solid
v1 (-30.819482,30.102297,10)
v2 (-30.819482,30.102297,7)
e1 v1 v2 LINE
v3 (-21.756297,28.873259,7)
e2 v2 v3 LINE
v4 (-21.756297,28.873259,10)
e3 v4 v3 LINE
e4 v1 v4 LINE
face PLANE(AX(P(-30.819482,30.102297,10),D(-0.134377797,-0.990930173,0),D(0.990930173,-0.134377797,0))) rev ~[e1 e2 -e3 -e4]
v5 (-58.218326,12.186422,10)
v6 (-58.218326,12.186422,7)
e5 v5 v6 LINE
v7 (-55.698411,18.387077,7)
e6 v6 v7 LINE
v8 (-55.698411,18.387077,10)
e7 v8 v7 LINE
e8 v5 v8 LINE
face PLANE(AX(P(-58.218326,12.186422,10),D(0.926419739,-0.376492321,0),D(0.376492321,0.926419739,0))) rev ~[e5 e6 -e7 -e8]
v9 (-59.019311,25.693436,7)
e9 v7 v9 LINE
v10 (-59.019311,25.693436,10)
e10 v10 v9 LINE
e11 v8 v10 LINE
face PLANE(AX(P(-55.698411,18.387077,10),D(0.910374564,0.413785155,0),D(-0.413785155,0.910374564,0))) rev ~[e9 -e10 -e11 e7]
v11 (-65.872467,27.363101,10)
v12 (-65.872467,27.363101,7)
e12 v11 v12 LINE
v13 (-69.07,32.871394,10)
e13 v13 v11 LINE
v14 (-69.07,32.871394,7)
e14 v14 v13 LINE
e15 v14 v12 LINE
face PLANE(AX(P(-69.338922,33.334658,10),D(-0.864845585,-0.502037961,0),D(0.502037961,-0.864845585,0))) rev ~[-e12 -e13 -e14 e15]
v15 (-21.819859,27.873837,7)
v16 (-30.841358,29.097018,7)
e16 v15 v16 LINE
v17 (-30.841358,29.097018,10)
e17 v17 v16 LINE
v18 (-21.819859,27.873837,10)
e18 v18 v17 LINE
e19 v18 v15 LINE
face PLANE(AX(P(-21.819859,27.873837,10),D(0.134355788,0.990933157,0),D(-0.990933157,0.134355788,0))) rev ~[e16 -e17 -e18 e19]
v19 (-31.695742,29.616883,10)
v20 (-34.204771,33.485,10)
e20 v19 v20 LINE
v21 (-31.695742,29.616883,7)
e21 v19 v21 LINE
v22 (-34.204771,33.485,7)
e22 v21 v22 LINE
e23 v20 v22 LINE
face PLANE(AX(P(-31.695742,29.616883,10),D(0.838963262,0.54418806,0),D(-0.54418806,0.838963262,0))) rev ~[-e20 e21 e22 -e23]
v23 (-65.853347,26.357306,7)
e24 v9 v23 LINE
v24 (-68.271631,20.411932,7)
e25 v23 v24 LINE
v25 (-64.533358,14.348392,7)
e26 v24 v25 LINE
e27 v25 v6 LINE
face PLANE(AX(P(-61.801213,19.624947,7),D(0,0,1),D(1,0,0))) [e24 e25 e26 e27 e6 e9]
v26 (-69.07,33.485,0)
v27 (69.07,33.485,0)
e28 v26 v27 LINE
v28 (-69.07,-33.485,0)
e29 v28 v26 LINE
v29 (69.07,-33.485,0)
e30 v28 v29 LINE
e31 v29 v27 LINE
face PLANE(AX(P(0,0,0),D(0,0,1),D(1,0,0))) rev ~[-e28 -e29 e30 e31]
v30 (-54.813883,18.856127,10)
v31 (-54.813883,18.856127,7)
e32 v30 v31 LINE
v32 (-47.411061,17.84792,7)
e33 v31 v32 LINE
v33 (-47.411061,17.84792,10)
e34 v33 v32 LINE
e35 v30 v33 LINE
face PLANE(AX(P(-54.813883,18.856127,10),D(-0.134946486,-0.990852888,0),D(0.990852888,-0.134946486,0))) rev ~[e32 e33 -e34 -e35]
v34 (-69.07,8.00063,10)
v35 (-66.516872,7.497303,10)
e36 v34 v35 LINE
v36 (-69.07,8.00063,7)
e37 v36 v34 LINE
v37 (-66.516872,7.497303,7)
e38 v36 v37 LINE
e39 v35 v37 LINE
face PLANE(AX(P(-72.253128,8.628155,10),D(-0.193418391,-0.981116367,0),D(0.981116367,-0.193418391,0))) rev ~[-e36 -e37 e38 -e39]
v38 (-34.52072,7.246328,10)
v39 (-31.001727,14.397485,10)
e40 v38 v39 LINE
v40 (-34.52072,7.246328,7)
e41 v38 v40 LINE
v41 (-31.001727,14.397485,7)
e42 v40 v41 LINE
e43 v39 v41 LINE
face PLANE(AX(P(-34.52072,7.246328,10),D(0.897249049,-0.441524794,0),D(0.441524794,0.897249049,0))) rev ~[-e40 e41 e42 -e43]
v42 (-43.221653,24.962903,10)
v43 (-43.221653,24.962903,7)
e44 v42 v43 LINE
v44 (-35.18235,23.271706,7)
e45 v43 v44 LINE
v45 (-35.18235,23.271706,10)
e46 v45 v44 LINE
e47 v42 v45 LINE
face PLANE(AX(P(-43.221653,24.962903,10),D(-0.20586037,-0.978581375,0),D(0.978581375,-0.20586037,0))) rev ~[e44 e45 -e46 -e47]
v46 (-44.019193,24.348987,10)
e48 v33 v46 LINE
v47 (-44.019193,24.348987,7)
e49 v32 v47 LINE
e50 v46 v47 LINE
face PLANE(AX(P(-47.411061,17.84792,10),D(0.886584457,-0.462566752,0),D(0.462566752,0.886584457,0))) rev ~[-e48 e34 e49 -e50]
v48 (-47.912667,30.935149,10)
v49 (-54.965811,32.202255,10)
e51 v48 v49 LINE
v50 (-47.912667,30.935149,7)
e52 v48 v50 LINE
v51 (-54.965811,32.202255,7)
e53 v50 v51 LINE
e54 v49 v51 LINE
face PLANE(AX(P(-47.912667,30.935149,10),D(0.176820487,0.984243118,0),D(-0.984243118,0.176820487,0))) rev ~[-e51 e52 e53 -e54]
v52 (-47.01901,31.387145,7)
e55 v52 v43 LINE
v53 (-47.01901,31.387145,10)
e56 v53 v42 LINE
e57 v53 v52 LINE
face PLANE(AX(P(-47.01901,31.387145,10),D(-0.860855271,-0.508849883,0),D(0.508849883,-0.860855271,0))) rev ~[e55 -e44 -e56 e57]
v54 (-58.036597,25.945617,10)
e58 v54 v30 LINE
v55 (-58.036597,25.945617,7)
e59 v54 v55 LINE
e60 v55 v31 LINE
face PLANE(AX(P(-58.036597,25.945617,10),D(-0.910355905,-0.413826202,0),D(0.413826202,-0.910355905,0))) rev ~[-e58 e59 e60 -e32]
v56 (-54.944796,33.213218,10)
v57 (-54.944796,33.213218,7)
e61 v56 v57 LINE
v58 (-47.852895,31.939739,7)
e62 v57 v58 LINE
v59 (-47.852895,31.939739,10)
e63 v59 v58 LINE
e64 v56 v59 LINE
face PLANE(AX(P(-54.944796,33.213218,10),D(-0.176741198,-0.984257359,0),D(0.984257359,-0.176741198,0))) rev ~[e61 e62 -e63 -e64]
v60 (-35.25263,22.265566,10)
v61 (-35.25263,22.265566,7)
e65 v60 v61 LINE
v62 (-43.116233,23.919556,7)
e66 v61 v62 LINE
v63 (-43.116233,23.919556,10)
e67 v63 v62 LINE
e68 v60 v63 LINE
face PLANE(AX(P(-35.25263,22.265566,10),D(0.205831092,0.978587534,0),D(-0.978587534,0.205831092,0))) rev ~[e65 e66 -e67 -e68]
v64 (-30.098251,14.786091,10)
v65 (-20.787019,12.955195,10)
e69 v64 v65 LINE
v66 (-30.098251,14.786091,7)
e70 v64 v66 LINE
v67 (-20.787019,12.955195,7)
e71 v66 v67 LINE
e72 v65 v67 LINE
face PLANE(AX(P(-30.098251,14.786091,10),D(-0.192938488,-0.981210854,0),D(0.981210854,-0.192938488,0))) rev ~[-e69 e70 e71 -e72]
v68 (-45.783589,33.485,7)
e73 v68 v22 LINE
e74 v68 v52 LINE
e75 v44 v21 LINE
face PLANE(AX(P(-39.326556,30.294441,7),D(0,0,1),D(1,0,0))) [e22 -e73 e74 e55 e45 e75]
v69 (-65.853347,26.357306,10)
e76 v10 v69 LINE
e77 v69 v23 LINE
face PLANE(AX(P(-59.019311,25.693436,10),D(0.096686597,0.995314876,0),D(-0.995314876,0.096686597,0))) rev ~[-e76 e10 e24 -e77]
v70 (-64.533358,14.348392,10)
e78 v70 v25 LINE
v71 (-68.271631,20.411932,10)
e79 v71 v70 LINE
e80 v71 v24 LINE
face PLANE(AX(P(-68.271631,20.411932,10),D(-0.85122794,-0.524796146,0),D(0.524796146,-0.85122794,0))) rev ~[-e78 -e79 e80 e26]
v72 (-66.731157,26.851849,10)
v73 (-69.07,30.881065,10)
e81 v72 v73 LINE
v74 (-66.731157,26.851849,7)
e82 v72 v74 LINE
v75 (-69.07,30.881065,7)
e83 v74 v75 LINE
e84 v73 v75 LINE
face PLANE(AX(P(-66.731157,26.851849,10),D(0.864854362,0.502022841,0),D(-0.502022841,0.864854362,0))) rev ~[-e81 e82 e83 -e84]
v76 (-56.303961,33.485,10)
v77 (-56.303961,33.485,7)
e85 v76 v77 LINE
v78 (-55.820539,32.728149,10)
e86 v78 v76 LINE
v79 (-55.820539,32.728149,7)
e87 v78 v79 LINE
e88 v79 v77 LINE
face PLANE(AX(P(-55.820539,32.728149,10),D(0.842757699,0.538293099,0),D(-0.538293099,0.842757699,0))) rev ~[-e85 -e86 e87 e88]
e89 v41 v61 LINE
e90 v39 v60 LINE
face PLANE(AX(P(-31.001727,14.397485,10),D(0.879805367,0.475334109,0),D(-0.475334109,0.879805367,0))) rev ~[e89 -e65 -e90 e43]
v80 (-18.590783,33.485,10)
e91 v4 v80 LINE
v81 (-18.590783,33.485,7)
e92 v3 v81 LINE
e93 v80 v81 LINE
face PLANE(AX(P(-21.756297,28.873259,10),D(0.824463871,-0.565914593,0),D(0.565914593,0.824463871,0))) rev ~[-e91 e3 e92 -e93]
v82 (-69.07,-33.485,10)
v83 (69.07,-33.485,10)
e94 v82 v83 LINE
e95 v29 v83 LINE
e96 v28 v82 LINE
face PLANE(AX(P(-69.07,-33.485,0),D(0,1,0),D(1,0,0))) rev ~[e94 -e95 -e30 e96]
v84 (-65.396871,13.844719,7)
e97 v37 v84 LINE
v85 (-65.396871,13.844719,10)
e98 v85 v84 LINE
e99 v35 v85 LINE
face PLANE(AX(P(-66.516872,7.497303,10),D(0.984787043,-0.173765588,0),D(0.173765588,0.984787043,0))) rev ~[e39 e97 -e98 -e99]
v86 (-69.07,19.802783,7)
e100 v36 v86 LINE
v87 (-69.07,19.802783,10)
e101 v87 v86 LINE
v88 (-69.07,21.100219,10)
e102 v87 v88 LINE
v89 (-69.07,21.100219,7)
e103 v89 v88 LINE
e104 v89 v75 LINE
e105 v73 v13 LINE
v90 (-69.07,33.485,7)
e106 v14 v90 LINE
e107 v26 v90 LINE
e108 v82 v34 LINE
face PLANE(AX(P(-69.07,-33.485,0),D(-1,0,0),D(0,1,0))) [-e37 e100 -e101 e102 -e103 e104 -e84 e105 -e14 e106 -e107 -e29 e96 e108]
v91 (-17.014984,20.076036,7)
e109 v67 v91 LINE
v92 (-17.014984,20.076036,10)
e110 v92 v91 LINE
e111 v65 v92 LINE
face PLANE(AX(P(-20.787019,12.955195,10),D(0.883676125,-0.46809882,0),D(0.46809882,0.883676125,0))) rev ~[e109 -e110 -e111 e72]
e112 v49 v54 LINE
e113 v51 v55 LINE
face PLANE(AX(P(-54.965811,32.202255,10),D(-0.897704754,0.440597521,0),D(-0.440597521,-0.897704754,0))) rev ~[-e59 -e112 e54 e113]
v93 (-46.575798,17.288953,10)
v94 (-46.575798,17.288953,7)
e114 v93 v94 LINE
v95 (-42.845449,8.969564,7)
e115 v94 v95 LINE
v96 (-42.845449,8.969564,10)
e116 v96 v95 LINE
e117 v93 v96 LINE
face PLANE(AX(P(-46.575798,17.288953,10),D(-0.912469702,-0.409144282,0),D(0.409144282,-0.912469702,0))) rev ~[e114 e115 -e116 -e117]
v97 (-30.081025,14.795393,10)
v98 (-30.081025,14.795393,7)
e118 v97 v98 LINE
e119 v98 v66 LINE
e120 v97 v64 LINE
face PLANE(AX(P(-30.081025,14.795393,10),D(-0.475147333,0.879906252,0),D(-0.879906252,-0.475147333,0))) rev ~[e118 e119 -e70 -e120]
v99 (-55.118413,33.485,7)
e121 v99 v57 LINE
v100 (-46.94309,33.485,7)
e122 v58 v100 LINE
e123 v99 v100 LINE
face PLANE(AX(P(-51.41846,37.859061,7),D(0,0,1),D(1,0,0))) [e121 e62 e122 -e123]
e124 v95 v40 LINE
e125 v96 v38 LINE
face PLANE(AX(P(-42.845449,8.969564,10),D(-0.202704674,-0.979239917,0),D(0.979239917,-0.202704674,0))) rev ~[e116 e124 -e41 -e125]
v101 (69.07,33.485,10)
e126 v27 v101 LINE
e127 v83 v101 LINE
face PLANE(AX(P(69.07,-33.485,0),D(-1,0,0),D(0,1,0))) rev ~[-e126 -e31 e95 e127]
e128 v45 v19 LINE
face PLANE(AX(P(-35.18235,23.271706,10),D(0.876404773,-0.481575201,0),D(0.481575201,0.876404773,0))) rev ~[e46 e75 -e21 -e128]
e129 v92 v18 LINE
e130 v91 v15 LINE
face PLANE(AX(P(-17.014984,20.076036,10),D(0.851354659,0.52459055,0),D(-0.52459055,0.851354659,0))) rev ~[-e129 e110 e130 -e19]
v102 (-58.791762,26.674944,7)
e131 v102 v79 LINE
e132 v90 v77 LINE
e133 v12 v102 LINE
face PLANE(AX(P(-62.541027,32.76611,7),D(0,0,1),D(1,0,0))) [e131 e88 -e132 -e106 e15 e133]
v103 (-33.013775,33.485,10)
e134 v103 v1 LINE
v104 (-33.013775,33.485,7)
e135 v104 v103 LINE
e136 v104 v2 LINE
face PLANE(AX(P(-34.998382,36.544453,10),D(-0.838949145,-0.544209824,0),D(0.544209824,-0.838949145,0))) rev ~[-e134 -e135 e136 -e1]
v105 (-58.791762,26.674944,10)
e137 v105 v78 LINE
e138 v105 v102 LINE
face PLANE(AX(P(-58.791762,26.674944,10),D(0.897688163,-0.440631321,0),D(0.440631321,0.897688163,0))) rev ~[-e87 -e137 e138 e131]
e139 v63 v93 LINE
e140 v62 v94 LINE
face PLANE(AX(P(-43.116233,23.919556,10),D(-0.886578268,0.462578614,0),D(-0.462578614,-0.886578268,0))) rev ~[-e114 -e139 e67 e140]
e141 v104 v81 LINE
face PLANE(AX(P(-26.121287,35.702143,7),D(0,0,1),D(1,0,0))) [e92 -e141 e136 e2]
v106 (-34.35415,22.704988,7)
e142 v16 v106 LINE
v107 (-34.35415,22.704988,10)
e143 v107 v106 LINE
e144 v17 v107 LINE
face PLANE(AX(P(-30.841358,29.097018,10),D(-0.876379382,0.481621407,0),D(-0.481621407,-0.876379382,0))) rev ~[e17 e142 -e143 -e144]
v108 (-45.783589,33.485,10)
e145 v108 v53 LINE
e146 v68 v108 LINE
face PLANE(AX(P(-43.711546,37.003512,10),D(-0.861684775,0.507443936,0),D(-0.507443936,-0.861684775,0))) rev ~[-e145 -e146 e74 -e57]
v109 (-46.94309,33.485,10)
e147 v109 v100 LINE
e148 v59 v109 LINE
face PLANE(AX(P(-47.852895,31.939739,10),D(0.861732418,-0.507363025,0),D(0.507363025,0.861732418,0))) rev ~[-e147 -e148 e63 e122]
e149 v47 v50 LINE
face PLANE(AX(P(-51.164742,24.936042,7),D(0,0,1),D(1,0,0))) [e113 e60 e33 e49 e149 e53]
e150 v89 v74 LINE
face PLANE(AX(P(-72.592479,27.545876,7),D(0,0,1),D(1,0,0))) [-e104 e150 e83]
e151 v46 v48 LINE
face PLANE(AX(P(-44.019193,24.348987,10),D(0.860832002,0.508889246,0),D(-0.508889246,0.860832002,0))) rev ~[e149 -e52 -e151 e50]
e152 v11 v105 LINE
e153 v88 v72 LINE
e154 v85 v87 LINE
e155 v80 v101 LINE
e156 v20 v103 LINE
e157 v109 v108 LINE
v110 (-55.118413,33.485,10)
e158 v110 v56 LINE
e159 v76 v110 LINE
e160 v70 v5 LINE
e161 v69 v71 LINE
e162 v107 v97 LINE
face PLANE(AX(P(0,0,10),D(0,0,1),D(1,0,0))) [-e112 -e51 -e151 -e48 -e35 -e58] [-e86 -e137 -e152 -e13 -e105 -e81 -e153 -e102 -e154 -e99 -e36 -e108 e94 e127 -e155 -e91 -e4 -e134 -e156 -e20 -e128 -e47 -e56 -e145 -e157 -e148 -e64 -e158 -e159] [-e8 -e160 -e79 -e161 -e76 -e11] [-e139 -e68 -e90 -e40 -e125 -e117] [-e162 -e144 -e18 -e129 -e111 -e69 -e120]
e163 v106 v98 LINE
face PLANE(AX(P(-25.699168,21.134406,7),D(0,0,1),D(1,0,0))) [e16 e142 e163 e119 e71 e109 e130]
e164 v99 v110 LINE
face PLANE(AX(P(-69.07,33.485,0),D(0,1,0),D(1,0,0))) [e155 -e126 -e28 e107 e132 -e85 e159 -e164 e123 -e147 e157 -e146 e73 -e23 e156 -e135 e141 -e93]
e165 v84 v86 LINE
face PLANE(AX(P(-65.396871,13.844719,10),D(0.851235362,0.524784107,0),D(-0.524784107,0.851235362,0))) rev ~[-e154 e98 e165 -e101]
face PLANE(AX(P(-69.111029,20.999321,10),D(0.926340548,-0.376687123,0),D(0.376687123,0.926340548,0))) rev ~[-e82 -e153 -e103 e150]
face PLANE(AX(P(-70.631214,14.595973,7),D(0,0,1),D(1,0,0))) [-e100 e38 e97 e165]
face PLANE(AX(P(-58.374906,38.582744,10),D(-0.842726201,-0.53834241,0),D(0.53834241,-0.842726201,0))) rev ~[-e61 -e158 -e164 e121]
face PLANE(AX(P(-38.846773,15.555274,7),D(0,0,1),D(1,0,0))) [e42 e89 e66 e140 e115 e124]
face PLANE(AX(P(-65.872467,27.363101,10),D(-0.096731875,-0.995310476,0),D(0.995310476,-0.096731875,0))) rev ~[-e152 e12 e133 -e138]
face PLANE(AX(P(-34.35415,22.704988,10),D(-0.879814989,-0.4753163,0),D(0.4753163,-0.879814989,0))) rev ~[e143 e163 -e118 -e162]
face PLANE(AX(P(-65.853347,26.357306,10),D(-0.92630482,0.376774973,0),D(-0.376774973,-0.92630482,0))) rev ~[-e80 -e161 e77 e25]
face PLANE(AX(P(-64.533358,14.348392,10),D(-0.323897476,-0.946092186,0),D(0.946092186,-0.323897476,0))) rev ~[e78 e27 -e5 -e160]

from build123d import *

# Parameters (mm, degrees)
F0_W     = 138.14
F0_H     = 66.97
F1_DEPTH = 10
F3_DEPTH = 3


with BuildPart() as f1:
    # F0 (on Top) → F1 (new body)
    with BuildSketch(Plane.XY):
        Rectangle(F0_W, F0_H)
    extrude(amount=F1_DEPTH)

    # F2 (on face) → F3 (cut)
    with BuildSketch(Plane.XY.offset(10)):
        Polygon((-94.401303, 29.512152), (-96.901064, 29.48907), (-92.479112, 18.870597), (-89.263459, 18.89299), (-91.045263, 23.928686), align=None)
        Polygon((-98.182123, 44.723282), (-99.772551, 40.383668), (-95.020214, 36.487265), (-95.032444, 36.472451), (-90.246517, 35.149534), (-88.213911, 39.604904), (-92.330456, 44.297296), align=None)
        Polygon((-66.159271, 48.767307), (-69.456916, 44.575832), (-66.179769, 39.886024), (-59.152636, 39.218192), (-55.921825, 44.107127), (-59.490083, 48.505308), align=None)
        Polygon((-70.076689, 34.049343), (-66.973864, 39.278309), (-70.405868, 44.189809), (-76.779811, 44.277487), (-79.938275, 39.652446), (-76.451322, 34.250364), align=None)
        Polygon((-54.394787, 52.867143), (-58.564214, 48.949553), (-54.946863, 44.491083), (-48.038241, 43.805853), (-44.107387, 48.727172), (-47.402621, 52.867143), align=None)
        Polygon((-66.156687, 49.767074), (-59.434272, 49.502835), (-55.289134, 53.397688), (-58.331153, 56.816773), (-64.875284, 56.374595), (-69.15926, 53.279177), align=None)
        Polygon((-70.247394, 45.18682), (-67.040526, 49.263401), (-70.117169, 52.861976), (-77.02493, 52.71177), (-80.271243, 49.119568), (-76.81564, 45.277254), align=None)
        Polygon((-80.800755, 40.161114), (-77.675019, 44.738441), (-81.163695, 48.61779), (-87.633929, 48.52994), (-91.405792, 44.758422), (-87.398112, 40.190053), align=None)
        Polygon((-80.810745, 39.162037), (-87.30475, 39.190459), (-89.384382, 34.632597), (-85.059754, 30.308141), (-79.797715, 28.65105), (-77.301916, 33.726193), align=None)
        Polygon((-70.294936, 33.056639), (-76.422555, 33.250081), (-78.953322, 28.104486), (-75.17543, 23.207111), (-69.111029, 20.999321), (-66.731157, 26.851849), (-70.323358, 33.040274), align=None)
        Polygon((-66.054196, 38.870409), (-69.338922, 33.334658), (-65.872467, 27.363101), (-58.791762, 26.674944), (-55.820539, 32.728149), (-59.335915, 38.231861), align=None)
        Polygon((-55.122735, 43.504407), (-58.374906, 38.582744), (-54.944796, 33.213218), (-47.852895, 31.939739), (-44.567135, 37.520449), (-48.101803, 42.808154), align=None)
        Polygon((-35.900997, 36.100036), (-43.711546, 37.003512), (-47.01901, 31.387145), (-43.221653, 24.962903), (-35.18235, 23.271706), (-31.695742, 29.616883), align=None)
        Polygon((-47.199188, 43.255844), (-43.690358, 38.006896), (-35.833129, 37.09808), (-31.527449, 42.687058), (-35.454858, 47.728783), (-43.315704, 48.117218), align=None)
        Polygon((-43.133803, 49.108716), (-35.611265, 48.736991), (-31.009823, 53.743403), (-34.512796, 57.605011), (-42.119912, 57.338533), (-46.481747, 53.314489), align=None)
        Polygon((-54.368432, 53.866221), (-47.356973, 53.866221), (-42.97085, 57.91283), (-45.92278, 60.969319), (-52.977991, 60.465301), (-57.381685, 57.252578), align=None)
        Polygon((-64.771242, 57.383147), (-58.298252, 57.820329), (-53.935555, 61.003425), (-56.310604, 63.254968), (-63.013038, 61.944281), (-67.491662, 59.63779), align=None)
        Polygon((-70.057913, 53.862604), (-65.800637, 56.938729), (-68.523812, 59.195612), (-75.357331, 57.696995), (-79.732258, 55.810977), (-76.911759, 53.713603), align=None)
        Polygon((-75.618297, 58.662828), (-75.444665, 58.700724), (-75.446043, 58.701929), (-73.837183, 60.749522), (-82.555342, 57.313211), (-80.418521, 56.600766), align=None)
        Polygon((-81.168346, 49.61704), (-77.916348, 53.215443), (-80.841751, 55.390848), (-87.401385, 53.983182), (-92.221591, 51.701151), (-87.295965, 49.533841), align=None)
        Polygon((-92.281363, 45.295513), (-88.57289, 49.004158), (-93.396368, 51.126509), (-97.497754, 45.675162), align=None)
        Polygon((-85.698475, 29.534028), (-90.289409, 34.124618), (-94.686212, 35.340392), (-93.646654, 30.196176), (-90.29182, 24.614777), (-85.860566, 24.163641), align=None)
        Polygon((-92.114276, 17.87393), (-89.820359, 7.934141), (-86.298093, 6.564199), (-86.589721, 11.335139), (-88.911026, 17.896324), align=None)
        Polygon((-85.716734, 11.863617), (-82.462496, 11.14342), (-82.07699, 16.56979), (-85.688828, 23.141998), (-89.857222, 23.566089), align=None)
        Polygon((-81.244311, 17.129273), (-76.455456, 16.2413), (-75.798648, 22.379771), (-79.838539, 27.616488), (-84.710593, 29.150762), (-84.873719, 23.733521), align=None)
        Polygon((-72.253128, 8.628155), (-66.516872, 7.497303), (-65.396871, 13.844719), (-69.163911, 19.955113), (-74.832643, 22.019069), (-75.46878, 16.071801), align=None)
        Polygon((-64.533358, 14.348392), (-58.218326, 12.186422), (-55.698411, 18.387077), (-59.019311, 25.693436), (-65.853347, 26.357306), (-68.271631, 20.411932), align=None)
        Polygon((-58.036597, 25.945617), (-54.813883, 18.856127), (-47.411061, 17.84792), (-44.019193, 24.348987), (-47.912667, 30.935149), (-54.965811, 32.202255), align=None)
        Polygon((-42.845449, 8.969564), (-34.52072, 7.246328), (-31.001727, 14.397485), (-35.25263, 22.265566), (-43.116233, 23.919556), (-46.575798, 17.288953), align=None)
        Polygon((-20.787019, 12.955195), (-17.014984, 20.076036), (-21.819859, 27.873837), (-30.841358, 29.097018), (-34.35415, 22.704988), (-30.081025, 14.795393), (-30.098251, 14.786091), align=None)
        Polygon((-21.756297, 28.873259), (-17.303166, 35.360891), (-22.109936, 41.834914), (-30.65739, 42.179079), (-34.998382, 36.544453), (-30.819482, 30.102297), align=None)
        Polygon((-22.077896, 42.833647), (-17.43408, 48.429344), (-21.690495, 53.119841), (-30.116682, 53.238697), (-34.64371, 48.313244), (-30.643782, 43.178501), align=None)
        Polygon((-21.614875, 54.118058), (-16.960379, 59.11758), (-20.57394, 63.145069), (-28.926918, 62.223506), (-33.485296, 57.959339), (-30.109275, 54.237602), align=None)
        Polygon((-19.167996, 71.145786), (-27.073112, 69.600317), (-31.828895, 66.251512), (-28.95534, 63.225512), (-20.60684, 64.14673), (-16.732314, 68.133567), align=None)
        Polygon((-29.855716, 62.722873), (-32.85915, 65.885815), (-40.440083, 64.785796), (-44.971245, 61.422177), (-41.996922, 58.342434), (-34.248213, 58.613907), align=None)
        Polygon((-41.253815, 65.426239), (-43.424569, 67.757018), (-50.238451, 66.409986), (-55.308771, 63.682159), (-52.972651, 61.467307), (-45.906416, 61.972186), align=None)
        Polygon((-55.72201, 68.329421), (-60.541526, 65.598149), (-62.053234, 63.149892), (-56.323868, 64.270237), (-50.818261, 67.232503), (-50.004529, 69.61582), align=None)
        Polygon((-63.401644, 62.868083), (-61.957805, 65.206614), (-66.724267, 64.081101), (-71.983033, 61.492112), (-73.912286, 59.036793), (-68.563431, 60.209675), align=None)
        Polygon((-60.214759, 70.397856), (-64.6672, 70.784396), (-69.913219, 66.893333), (-64.07895, 68.189722), align=None)
        Polygon((-65.342094, 66.885754), (-71.956505, 65.415731), (-78.471181, 61.67608), (-73.492846, 61.959267), (-72.50841, 62.347357), (-67.063781, 65.027469), (-67.048278, 65.031259), align=None)
        Polygon((-84.390544, 56.871722), (-86.078641, 56.815567), (-88.63628, 55.473186), (-87.51025, 54.981571), (-82.162945, 56.129304), align=None)
        Polygon((-88.769088, 54.441035), (-89.763515, 54.87529), (-93.955679, 52.751733), (-93.139881, 52.371911), align=None)
        Polygon((-95.049325, 52.158832), (-98.402092, 49.493878), (-99.512618, 47.878473), (-98.205721, 46.395876), (-94.175649, 51.751966), align=None)
        Polygon((-99.992176, 46.911435), (-100.945089, 44.63371), (-101.685785, 40.94384), (-100.640543, 40.918691), (-98.898875, 45.6712), align=None)
        Polygon((-100.730632, 39.877066), (-101.721269, 39.838998), (-101.408282, 36.525161), (-97.309997, 30.484358), (-94.729276, 30.508301), (-95.806557, 35.839931), align=None)
    extrude(amount=-F3_DEPTH, mode=Mode.SUBTRACT)


solid = f1.part
